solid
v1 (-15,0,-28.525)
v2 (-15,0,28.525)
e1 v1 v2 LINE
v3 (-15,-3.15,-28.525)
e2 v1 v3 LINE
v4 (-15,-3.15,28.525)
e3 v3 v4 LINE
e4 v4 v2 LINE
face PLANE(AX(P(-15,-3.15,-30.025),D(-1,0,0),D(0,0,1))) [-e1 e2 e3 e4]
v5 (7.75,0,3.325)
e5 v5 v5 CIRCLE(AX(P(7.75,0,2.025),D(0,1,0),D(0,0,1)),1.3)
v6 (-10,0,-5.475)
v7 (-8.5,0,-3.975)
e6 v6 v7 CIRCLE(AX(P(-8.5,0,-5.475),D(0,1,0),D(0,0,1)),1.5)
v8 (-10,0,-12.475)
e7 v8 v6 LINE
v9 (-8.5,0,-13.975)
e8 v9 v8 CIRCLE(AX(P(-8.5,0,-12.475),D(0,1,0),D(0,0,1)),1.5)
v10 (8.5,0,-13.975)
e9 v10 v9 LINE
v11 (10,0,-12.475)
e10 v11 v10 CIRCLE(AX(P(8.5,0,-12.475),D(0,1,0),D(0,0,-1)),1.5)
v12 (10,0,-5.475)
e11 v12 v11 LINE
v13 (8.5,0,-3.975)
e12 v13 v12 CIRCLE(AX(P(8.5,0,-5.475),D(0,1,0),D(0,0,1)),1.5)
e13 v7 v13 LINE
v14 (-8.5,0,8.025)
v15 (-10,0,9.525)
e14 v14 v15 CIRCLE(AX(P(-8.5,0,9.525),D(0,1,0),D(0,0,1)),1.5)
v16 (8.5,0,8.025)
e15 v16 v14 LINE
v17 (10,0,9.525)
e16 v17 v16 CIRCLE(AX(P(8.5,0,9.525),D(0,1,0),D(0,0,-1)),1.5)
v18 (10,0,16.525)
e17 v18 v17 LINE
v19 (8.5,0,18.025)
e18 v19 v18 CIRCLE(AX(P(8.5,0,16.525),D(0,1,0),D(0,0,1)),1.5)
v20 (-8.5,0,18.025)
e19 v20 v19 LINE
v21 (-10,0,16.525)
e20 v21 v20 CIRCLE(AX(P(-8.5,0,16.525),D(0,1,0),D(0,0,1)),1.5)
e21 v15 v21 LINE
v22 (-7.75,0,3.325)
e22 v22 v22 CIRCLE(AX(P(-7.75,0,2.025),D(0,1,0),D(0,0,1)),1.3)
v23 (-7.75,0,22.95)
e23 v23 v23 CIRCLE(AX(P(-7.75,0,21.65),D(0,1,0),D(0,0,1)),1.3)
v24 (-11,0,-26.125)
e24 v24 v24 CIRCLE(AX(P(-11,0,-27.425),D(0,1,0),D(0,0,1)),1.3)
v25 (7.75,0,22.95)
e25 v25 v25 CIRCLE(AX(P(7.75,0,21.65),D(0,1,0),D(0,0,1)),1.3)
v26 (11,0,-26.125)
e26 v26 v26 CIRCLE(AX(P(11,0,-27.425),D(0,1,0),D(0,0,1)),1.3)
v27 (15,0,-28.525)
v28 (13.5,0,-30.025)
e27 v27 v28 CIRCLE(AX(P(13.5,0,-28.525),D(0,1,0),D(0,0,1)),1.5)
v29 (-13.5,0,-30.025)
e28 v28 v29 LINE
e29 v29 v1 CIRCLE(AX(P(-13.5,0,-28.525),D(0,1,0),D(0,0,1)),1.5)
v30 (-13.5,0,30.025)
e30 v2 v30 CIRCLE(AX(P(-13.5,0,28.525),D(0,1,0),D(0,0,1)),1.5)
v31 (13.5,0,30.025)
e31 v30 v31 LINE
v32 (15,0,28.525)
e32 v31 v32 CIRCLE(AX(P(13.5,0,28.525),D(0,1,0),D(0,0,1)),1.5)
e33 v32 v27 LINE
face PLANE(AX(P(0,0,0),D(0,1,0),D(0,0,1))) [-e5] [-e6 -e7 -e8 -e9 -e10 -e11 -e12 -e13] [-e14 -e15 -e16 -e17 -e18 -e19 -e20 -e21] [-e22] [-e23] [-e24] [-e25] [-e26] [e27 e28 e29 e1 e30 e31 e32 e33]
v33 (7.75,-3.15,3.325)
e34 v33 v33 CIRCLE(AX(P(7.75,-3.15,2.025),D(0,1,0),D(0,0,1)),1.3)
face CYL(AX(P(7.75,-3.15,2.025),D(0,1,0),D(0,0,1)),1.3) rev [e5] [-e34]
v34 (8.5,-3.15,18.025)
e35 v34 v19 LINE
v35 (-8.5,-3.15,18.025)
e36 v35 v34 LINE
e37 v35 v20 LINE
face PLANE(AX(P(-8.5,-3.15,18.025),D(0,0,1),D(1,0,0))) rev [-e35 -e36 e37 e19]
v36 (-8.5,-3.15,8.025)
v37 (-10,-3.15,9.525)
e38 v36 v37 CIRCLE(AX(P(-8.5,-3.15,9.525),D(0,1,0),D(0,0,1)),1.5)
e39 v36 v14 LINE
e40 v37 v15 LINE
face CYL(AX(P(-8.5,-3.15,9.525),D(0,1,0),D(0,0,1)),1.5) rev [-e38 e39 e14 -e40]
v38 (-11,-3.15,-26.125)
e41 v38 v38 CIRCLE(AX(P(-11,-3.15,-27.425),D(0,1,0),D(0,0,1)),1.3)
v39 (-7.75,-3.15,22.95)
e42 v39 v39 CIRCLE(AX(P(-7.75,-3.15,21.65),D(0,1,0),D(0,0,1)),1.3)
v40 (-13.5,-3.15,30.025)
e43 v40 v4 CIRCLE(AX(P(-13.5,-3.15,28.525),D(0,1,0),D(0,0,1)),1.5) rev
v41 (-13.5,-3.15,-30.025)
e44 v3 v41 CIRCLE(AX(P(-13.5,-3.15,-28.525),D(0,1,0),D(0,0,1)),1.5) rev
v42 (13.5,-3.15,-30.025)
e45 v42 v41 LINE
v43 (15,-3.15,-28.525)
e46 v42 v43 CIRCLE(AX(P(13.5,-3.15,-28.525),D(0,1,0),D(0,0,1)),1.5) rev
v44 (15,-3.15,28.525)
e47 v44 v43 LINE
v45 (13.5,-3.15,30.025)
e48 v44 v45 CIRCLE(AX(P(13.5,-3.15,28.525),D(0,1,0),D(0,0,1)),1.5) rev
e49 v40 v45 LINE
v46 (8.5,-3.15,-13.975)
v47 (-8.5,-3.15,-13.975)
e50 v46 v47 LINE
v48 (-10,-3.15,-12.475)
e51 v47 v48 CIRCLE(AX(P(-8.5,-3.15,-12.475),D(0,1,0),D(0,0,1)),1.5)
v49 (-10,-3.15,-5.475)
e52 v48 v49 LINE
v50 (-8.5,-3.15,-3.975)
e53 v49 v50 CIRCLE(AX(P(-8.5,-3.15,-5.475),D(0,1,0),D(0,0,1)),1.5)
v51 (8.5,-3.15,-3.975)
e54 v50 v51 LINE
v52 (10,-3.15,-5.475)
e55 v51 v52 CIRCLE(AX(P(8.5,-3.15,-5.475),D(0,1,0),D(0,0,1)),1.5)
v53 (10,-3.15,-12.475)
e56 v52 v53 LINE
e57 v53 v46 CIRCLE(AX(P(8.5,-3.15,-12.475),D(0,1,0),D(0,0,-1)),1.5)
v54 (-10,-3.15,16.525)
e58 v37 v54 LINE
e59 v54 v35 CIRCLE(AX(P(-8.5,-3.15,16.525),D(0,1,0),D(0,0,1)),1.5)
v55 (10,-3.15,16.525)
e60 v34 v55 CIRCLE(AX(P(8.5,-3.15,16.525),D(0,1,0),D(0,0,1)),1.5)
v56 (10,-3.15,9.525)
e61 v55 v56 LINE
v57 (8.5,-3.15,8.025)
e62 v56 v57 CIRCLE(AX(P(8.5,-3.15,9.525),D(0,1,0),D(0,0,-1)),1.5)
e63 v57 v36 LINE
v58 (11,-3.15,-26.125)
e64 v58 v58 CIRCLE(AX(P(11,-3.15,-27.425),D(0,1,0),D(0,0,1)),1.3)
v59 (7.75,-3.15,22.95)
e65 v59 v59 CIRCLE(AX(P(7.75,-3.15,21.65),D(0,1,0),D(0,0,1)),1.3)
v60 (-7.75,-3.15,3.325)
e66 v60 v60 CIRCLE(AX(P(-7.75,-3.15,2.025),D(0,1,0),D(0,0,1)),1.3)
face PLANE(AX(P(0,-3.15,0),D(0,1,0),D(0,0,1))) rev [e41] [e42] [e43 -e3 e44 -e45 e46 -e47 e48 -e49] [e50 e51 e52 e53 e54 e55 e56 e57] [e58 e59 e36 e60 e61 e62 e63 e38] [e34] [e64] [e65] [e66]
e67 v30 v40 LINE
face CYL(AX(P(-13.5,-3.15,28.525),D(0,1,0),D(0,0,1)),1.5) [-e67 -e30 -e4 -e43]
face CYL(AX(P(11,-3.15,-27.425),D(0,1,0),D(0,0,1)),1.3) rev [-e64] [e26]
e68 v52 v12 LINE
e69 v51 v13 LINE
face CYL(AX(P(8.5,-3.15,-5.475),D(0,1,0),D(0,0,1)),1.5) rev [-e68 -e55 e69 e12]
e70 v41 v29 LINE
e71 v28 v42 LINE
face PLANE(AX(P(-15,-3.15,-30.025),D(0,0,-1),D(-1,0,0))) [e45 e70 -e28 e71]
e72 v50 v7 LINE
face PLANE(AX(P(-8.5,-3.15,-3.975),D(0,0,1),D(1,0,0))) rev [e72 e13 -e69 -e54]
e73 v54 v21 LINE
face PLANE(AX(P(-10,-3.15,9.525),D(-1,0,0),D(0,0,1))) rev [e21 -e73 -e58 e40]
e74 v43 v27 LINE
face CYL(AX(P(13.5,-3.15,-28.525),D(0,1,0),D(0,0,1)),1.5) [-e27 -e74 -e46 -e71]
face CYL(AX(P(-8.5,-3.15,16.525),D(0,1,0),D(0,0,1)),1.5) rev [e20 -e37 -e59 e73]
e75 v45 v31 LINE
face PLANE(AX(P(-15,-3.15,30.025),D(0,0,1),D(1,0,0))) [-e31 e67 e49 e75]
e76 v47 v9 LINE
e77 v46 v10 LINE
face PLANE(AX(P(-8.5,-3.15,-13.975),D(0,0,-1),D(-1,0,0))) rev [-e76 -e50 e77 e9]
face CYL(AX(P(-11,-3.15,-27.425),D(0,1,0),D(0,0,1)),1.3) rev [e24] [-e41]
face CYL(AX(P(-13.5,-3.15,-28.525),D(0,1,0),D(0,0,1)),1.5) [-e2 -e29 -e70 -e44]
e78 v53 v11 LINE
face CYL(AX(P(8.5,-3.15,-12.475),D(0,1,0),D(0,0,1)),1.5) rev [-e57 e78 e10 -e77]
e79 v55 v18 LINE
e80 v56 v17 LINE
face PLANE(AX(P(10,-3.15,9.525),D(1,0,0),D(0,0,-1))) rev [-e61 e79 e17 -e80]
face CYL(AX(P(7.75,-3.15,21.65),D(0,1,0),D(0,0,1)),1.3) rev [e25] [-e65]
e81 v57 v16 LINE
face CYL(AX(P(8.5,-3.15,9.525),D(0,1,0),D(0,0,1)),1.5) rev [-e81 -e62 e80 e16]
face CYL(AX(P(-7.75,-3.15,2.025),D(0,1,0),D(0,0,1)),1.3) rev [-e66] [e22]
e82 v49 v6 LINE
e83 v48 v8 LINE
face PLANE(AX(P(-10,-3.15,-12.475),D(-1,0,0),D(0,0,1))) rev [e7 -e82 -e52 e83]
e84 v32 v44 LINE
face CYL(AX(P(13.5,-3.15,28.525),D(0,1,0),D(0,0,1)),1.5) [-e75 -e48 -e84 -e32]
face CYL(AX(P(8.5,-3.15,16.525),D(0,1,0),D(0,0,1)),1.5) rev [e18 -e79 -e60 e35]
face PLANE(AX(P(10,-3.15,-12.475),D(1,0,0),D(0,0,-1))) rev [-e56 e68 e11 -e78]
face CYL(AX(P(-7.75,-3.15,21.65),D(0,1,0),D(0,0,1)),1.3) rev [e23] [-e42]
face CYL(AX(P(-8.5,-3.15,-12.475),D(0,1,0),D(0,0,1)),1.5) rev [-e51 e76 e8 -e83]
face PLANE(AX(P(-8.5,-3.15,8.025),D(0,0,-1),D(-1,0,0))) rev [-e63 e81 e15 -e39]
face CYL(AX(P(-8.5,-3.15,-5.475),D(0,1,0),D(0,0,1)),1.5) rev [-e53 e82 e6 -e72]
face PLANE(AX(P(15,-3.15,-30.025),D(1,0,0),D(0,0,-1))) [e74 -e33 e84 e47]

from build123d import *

# Parameters (mm, degrees)
SKETCH1_W           = 30
SKETCH1_H           = 60.05
BOSS_EXTRUDE1_DEPTH = 3.15
CUT_EXTRUDE1_DEPTH  = 3.15
SKETCH3_R           = 1.3
CUT_EXTRUDE2_DEPTH  = 3.15
FILLET1_R           = 1.5
SKETCH5_R           = 1.3
CUT_EXTRUDE3_DEPTH  = 3.15


with BuildPart() as part:
    # Sketch1 → Boss-Extrude1 (new body)
    with BuildSketch(Plane(origin=(0, 0, 0), x_dir=(1, 0, 0), z_dir=(0, 1, 0))):
        Rectangle(SKETCH1_W, SKETCH1_H)
    extrude(amount=-BOSS_EXTRUDE1_DEPTH)

    # Sketch2 → Cut-Extrude1 (cut)
    with BuildSketch(Plane(origin=(0, 0, 0), x_dir=(1, 0, 0), z_dir=(0, 1, 0))):
        with BuildLine():
            Line((-8.5, 13.975), (8.5, 13.975))
            ThreePointArc((8.5, 13.975), (9.560660172, 13.535660172), (10, 12.475))
            Line((10, 12.475), (10, 5.475))
            ThreePointArc((10, 5.475), (9.560660172, 4.414339828), (8.5, 3.975))
            Line((8.5, 3.975), (-8.5, 3.975))
            ThreePointArc((-8.5, 3.975), (-9.560660172, 4.414339828), (-10, 5.475))
            Line((-10, 5.475), (-10, 12.475))
            ThreePointArc((-10, 12.475), (-9.560660172, 13.535660172), (-8.5, 13.975))
        make_face()
        with BuildLine():
            Line((-8.5, -8.025), (8.5, -8.025))
            ThreePointArc((8.5, -8.025), (9.560660172, -8.464339828), (10, -9.525))
            Line((10, -9.525), (10, -16.525))
            ThreePointArc((10, -16.525), (9.560660172, -17.585660172), (8.5, -18.025))
            Line((8.5, -18.025), (-8.5, -18.025))
            ThreePointArc((-8.5, -18.025), (-9.560660172, -17.585660172), (-10, -16.525))
            Line((-10, -16.525), (-10, -9.525))
            ThreePointArc((-10, -9.525), (-9.560660172, -8.464339828), (-8.5, -8.025))
        make_face()
    extrude(amount=-CUT_EXTRUDE1_DEPTH, mode=Mode.SUBTRACT)

    # Sketch3 → Cut-Extrude2 (cut)
    with BuildSketch(Plane(origin=(0, 0, 0), x_dir=(1, 0, 0), z_dir=(0, 1, 0))):
        with Locations((-11, 27.425)):
            Circle(SKETCH3_R)
        with Locations((11, 27.425)):
            Circle(SKETCH3_R)
    extrude(amount=-CUT_EXTRUDE2_DEPTH, mode=Mode.SUBTRACT)

    # Fillet1
    fillet1_edges = [part.edges().sort_by_distance(p)[0] for p in [
        (-15, -1.575, -30.025),
        (15, -1.575, -30.025),
        (15, -1.575, 30.025),
        (-15, -1.575, 30.025),
    ]]
    fillet(fillet1_edges, radius=FILLET1_R)

    # Sketch5 → Cut-Extrude3 (cut)
    with BuildSketch(Plane(origin=(0, 0, 0), x_dir=(1, 0, 0), z_dir=(0, 1, 0))):
        with Locations((-7.75, -2.025)):
            Circle(SKETCH5_R)
        with Locations((7.75, -2.025)):
            Circle(SKETCH5_R)
        with Locations((-7.75, -21.65)):
            Circle(SKETCH5_R)
        with Locations((7.75, -21.65)):
            Circle(SKETCH5_R)
    extrude(amount=-CUT_EXTRUDE3_DEPTH, mode=Mode.SUBTRACT)


solid = part.part
